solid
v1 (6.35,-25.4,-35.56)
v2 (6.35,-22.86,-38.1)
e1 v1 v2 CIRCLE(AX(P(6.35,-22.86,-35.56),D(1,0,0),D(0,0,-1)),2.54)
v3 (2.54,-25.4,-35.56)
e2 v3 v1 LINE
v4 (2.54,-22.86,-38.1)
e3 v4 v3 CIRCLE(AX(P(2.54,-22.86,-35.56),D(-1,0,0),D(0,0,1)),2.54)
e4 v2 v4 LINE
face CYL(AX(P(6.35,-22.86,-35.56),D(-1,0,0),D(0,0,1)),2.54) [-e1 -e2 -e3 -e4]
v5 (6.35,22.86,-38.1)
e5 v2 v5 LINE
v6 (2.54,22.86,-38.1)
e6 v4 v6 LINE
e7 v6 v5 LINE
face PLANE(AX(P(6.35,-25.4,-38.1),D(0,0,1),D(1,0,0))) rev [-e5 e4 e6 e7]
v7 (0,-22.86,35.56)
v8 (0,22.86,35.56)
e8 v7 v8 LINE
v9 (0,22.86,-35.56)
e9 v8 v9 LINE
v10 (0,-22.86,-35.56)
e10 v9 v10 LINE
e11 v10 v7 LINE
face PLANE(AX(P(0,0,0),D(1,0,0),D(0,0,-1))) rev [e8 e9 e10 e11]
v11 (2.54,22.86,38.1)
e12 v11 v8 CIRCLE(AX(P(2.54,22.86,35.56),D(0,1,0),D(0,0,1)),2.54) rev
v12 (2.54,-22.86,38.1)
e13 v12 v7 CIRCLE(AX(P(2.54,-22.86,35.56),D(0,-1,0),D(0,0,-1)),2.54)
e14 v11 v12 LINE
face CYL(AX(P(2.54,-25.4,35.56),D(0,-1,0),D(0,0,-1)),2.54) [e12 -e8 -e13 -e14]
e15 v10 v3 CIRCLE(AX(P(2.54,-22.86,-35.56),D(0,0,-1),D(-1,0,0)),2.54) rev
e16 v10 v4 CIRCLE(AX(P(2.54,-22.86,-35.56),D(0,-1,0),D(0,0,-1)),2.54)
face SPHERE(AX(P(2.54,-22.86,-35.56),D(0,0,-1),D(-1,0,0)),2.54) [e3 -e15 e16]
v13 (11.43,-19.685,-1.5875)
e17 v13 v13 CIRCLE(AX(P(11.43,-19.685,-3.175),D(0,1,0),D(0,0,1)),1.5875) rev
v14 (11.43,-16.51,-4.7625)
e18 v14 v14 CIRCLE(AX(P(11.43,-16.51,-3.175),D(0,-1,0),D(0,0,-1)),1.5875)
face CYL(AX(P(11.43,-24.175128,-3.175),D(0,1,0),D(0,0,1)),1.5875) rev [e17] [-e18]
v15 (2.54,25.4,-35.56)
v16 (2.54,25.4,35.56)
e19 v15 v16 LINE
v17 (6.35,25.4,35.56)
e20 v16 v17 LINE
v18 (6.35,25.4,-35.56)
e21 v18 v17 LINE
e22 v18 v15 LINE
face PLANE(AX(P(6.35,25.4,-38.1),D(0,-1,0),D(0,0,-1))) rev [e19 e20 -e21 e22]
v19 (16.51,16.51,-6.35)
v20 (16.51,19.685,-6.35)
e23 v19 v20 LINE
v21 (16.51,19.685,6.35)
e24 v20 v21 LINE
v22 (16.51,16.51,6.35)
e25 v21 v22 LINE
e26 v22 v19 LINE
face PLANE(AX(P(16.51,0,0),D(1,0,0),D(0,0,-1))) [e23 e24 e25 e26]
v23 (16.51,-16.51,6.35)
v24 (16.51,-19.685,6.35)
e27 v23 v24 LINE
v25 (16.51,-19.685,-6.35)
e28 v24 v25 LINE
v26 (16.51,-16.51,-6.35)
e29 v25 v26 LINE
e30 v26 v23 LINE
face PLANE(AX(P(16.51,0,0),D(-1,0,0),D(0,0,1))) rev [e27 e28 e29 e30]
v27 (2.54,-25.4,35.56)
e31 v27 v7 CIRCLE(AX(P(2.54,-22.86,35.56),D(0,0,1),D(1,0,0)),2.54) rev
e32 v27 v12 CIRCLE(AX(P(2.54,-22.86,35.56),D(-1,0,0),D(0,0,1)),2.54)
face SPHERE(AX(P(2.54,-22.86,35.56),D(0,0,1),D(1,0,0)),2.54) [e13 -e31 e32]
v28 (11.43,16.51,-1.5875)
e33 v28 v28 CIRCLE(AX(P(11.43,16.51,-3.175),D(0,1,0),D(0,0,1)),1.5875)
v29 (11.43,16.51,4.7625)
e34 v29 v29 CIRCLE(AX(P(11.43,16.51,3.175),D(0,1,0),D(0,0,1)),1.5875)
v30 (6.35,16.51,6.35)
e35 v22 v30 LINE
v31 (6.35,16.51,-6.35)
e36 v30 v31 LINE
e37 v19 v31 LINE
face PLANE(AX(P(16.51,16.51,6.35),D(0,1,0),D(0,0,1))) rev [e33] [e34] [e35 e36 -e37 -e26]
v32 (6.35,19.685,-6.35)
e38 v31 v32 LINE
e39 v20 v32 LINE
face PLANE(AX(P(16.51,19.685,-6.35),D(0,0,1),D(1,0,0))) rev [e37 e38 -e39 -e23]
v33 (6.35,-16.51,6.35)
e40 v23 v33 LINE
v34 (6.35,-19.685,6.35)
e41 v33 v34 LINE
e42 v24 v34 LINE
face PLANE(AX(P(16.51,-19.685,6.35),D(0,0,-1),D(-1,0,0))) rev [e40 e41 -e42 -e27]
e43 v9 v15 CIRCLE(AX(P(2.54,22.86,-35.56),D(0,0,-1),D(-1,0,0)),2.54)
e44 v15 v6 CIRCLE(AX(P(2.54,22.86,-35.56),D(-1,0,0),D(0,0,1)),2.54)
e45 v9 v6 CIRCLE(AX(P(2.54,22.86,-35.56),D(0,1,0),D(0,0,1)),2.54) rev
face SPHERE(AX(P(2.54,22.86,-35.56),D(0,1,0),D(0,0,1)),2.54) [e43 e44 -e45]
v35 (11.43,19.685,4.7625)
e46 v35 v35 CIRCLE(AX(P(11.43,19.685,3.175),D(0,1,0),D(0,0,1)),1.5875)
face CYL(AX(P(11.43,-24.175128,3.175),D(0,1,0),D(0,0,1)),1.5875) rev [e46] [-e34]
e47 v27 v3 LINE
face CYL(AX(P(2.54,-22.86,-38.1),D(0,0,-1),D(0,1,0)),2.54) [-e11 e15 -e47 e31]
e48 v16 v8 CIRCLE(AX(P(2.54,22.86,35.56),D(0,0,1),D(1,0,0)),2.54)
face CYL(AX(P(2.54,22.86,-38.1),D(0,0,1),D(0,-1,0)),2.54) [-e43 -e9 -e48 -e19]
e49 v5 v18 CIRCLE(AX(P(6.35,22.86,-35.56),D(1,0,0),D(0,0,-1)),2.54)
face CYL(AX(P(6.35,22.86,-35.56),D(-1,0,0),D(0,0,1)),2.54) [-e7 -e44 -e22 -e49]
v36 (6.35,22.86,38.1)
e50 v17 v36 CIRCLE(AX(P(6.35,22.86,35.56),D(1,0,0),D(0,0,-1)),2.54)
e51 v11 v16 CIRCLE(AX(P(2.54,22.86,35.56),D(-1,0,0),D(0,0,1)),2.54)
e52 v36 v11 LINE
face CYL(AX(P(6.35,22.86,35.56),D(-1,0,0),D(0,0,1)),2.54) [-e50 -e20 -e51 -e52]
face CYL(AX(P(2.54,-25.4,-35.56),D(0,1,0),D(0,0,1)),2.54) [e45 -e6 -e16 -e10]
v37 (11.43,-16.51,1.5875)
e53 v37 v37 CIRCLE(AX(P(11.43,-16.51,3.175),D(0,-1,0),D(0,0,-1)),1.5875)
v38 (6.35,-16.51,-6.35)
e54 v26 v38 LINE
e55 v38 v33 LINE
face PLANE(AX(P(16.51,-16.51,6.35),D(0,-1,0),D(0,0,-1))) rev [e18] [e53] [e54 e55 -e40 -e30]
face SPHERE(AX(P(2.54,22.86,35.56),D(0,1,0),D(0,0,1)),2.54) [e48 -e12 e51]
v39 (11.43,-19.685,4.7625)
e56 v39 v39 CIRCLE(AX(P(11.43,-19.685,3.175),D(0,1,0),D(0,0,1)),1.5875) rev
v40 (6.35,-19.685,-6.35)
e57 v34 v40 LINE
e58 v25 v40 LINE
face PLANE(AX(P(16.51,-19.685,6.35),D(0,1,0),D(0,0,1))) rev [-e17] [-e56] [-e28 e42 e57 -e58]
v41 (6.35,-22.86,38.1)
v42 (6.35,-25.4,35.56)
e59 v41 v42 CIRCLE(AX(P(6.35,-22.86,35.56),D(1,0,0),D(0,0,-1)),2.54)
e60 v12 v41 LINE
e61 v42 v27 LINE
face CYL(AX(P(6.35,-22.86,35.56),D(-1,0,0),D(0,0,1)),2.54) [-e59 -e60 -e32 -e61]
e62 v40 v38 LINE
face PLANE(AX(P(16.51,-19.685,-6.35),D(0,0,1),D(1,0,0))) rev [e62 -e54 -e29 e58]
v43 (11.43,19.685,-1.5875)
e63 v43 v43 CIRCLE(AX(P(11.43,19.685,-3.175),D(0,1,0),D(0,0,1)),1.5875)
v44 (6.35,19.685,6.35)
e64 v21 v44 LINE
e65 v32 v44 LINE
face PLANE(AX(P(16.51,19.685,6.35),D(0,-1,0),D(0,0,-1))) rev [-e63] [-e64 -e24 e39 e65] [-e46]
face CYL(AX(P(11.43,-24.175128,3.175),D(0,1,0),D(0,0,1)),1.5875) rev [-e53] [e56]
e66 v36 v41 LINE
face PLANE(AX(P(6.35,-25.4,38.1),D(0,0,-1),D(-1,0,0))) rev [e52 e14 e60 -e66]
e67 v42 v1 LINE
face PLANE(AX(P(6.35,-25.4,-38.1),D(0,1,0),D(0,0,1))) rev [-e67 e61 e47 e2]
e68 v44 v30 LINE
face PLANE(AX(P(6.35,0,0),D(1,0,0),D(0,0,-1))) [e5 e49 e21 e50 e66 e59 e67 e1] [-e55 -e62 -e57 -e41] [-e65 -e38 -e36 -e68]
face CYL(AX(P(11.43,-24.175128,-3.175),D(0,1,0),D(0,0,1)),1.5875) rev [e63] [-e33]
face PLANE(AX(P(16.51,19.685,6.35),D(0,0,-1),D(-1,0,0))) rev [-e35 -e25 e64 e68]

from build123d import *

# Parameters (mm, degrees)
SKETCH1_W           = 76.2
SKETCH1_H           = 50.8
BOSS_EXTRUDE1_DEPTH = 6.35
SKETCH2_W           = 12.7
SKETCH2_H           = 3.175
BOSS_EXTRUDE2_DEPTH = 10.16
FILLET1_R           = 2.54
CUT_EXTRUDE1_REACH  = 63.293
SKETCH3_R           = 1.5875


with BuildPart() as part:
    # Sketch1 → Boss-Extrude1 (new body)
    with BuildSketch(Plane(origin=(0, 0, 0), x_dir=(0, 0, -1), z_dir=(1, 0, 0))):
        Rectangle(SKETCH1_W, SKETCH1_H)
    extrude(amount=BOSS_EXTRUDE1_DEPTH)

    # Sketch2 → Boss-Extrude2 (add)
    with BuildSketch(Plane(origin=(6.35, 0, 0), x_dir=(0, 0, -1), z_dir=(1, 0, 0))):
        with Locations((0, -18.0975)):
            Rectangle(SKETCH2_W, SKETCH2_H)
        with Locations((0, 18.0975)):
            Rectangle(SKETCH2_W, SKETCH2_H)
    extrude(amount=BOSS_EXTRUDE2_DEPTH)

    # Fillet1
    fillet1_edges = [part.edges().sort_by_distance(p)[0] for p in [
        (0, 25.4, 0),
        (0, 0, -38.1),
        (0, -25.4, 0),
        (0, 0, 38.1),
        (3.175, 25.4, 38.1),
        (3.175, 25.4, -38.1),
        (3.175, -25.4, -38.1),
        (3.175, -25.4, 38.1),
    ]]
    fillet(fillet1_edges, radius=FILLET1_R)

    # Cut-Extrude1: up to this face of the body (flat: up to its plane)
    cut_extrude1_end = Plane(part.part.faces().sort_by_distance((11.43, -19.685, 0))[0])
    # Sketch3 → Cut-Extrude1 (cut, up to the picked face)
    with BuildSketch(Plane(origin=(0, 19.685, 0), x_dir=(1, 0, 0), z_dir=(0, 1, 0)), mode=Mode.PRIVATE) as cut_extrude1_sk1:
        with Locations(Location((11.43, -3.175, 0), (0, 0, 270))):
            Circle(SKETCH3_R)
    cut_extrude1_tool1 = split(extrude(cut_extrude1_sk1.sketch, amount=-CUT_EXTRUDE1_REACH, mode=Mode.PRIVATE), bisect_by=cut_extrude1_end, keep=Keep.BOTH, mode=Mode.PRIVATE)
    # Sketch3 → Cut-Extrude1 (cut, up to the picked face)
    with BuildSketch(Plane(origin=(0, 19.685, 0), x_dir=(1, 0, 0), z_dir=(0, 1, 0)), mode=Mode.PRIVATE) as cut_extrude1_sk2:
        with Locations(Location((11.43, 3.175, 0), (0, 0, 270))):
            Circle(SKETCH3_R)
    cut_extrude1_tool2 = split(extrude(cut_extrude1_sk2.sketch, amount=-CUT_EXTRUDE1_REACH, mode=Mode.PRIVATE), bisect_by=cut_extrude1_end, keep=Keep.BOTH, mode=Mode.PRIVATE)
    add(cut_extrude1_tool1.solids().sort_by(Axis((11.43, 19.685, 3.175), (0, -1, 0)))[0], mode=Mode.SUBTRACT)
    add(cut_extrude1_tool2.solids().sort_by(Axis((11.43, 19.685, -3.175), (0, -1, 0)))[0], mode=Mode.SUBTRACT)


solid = part.part
